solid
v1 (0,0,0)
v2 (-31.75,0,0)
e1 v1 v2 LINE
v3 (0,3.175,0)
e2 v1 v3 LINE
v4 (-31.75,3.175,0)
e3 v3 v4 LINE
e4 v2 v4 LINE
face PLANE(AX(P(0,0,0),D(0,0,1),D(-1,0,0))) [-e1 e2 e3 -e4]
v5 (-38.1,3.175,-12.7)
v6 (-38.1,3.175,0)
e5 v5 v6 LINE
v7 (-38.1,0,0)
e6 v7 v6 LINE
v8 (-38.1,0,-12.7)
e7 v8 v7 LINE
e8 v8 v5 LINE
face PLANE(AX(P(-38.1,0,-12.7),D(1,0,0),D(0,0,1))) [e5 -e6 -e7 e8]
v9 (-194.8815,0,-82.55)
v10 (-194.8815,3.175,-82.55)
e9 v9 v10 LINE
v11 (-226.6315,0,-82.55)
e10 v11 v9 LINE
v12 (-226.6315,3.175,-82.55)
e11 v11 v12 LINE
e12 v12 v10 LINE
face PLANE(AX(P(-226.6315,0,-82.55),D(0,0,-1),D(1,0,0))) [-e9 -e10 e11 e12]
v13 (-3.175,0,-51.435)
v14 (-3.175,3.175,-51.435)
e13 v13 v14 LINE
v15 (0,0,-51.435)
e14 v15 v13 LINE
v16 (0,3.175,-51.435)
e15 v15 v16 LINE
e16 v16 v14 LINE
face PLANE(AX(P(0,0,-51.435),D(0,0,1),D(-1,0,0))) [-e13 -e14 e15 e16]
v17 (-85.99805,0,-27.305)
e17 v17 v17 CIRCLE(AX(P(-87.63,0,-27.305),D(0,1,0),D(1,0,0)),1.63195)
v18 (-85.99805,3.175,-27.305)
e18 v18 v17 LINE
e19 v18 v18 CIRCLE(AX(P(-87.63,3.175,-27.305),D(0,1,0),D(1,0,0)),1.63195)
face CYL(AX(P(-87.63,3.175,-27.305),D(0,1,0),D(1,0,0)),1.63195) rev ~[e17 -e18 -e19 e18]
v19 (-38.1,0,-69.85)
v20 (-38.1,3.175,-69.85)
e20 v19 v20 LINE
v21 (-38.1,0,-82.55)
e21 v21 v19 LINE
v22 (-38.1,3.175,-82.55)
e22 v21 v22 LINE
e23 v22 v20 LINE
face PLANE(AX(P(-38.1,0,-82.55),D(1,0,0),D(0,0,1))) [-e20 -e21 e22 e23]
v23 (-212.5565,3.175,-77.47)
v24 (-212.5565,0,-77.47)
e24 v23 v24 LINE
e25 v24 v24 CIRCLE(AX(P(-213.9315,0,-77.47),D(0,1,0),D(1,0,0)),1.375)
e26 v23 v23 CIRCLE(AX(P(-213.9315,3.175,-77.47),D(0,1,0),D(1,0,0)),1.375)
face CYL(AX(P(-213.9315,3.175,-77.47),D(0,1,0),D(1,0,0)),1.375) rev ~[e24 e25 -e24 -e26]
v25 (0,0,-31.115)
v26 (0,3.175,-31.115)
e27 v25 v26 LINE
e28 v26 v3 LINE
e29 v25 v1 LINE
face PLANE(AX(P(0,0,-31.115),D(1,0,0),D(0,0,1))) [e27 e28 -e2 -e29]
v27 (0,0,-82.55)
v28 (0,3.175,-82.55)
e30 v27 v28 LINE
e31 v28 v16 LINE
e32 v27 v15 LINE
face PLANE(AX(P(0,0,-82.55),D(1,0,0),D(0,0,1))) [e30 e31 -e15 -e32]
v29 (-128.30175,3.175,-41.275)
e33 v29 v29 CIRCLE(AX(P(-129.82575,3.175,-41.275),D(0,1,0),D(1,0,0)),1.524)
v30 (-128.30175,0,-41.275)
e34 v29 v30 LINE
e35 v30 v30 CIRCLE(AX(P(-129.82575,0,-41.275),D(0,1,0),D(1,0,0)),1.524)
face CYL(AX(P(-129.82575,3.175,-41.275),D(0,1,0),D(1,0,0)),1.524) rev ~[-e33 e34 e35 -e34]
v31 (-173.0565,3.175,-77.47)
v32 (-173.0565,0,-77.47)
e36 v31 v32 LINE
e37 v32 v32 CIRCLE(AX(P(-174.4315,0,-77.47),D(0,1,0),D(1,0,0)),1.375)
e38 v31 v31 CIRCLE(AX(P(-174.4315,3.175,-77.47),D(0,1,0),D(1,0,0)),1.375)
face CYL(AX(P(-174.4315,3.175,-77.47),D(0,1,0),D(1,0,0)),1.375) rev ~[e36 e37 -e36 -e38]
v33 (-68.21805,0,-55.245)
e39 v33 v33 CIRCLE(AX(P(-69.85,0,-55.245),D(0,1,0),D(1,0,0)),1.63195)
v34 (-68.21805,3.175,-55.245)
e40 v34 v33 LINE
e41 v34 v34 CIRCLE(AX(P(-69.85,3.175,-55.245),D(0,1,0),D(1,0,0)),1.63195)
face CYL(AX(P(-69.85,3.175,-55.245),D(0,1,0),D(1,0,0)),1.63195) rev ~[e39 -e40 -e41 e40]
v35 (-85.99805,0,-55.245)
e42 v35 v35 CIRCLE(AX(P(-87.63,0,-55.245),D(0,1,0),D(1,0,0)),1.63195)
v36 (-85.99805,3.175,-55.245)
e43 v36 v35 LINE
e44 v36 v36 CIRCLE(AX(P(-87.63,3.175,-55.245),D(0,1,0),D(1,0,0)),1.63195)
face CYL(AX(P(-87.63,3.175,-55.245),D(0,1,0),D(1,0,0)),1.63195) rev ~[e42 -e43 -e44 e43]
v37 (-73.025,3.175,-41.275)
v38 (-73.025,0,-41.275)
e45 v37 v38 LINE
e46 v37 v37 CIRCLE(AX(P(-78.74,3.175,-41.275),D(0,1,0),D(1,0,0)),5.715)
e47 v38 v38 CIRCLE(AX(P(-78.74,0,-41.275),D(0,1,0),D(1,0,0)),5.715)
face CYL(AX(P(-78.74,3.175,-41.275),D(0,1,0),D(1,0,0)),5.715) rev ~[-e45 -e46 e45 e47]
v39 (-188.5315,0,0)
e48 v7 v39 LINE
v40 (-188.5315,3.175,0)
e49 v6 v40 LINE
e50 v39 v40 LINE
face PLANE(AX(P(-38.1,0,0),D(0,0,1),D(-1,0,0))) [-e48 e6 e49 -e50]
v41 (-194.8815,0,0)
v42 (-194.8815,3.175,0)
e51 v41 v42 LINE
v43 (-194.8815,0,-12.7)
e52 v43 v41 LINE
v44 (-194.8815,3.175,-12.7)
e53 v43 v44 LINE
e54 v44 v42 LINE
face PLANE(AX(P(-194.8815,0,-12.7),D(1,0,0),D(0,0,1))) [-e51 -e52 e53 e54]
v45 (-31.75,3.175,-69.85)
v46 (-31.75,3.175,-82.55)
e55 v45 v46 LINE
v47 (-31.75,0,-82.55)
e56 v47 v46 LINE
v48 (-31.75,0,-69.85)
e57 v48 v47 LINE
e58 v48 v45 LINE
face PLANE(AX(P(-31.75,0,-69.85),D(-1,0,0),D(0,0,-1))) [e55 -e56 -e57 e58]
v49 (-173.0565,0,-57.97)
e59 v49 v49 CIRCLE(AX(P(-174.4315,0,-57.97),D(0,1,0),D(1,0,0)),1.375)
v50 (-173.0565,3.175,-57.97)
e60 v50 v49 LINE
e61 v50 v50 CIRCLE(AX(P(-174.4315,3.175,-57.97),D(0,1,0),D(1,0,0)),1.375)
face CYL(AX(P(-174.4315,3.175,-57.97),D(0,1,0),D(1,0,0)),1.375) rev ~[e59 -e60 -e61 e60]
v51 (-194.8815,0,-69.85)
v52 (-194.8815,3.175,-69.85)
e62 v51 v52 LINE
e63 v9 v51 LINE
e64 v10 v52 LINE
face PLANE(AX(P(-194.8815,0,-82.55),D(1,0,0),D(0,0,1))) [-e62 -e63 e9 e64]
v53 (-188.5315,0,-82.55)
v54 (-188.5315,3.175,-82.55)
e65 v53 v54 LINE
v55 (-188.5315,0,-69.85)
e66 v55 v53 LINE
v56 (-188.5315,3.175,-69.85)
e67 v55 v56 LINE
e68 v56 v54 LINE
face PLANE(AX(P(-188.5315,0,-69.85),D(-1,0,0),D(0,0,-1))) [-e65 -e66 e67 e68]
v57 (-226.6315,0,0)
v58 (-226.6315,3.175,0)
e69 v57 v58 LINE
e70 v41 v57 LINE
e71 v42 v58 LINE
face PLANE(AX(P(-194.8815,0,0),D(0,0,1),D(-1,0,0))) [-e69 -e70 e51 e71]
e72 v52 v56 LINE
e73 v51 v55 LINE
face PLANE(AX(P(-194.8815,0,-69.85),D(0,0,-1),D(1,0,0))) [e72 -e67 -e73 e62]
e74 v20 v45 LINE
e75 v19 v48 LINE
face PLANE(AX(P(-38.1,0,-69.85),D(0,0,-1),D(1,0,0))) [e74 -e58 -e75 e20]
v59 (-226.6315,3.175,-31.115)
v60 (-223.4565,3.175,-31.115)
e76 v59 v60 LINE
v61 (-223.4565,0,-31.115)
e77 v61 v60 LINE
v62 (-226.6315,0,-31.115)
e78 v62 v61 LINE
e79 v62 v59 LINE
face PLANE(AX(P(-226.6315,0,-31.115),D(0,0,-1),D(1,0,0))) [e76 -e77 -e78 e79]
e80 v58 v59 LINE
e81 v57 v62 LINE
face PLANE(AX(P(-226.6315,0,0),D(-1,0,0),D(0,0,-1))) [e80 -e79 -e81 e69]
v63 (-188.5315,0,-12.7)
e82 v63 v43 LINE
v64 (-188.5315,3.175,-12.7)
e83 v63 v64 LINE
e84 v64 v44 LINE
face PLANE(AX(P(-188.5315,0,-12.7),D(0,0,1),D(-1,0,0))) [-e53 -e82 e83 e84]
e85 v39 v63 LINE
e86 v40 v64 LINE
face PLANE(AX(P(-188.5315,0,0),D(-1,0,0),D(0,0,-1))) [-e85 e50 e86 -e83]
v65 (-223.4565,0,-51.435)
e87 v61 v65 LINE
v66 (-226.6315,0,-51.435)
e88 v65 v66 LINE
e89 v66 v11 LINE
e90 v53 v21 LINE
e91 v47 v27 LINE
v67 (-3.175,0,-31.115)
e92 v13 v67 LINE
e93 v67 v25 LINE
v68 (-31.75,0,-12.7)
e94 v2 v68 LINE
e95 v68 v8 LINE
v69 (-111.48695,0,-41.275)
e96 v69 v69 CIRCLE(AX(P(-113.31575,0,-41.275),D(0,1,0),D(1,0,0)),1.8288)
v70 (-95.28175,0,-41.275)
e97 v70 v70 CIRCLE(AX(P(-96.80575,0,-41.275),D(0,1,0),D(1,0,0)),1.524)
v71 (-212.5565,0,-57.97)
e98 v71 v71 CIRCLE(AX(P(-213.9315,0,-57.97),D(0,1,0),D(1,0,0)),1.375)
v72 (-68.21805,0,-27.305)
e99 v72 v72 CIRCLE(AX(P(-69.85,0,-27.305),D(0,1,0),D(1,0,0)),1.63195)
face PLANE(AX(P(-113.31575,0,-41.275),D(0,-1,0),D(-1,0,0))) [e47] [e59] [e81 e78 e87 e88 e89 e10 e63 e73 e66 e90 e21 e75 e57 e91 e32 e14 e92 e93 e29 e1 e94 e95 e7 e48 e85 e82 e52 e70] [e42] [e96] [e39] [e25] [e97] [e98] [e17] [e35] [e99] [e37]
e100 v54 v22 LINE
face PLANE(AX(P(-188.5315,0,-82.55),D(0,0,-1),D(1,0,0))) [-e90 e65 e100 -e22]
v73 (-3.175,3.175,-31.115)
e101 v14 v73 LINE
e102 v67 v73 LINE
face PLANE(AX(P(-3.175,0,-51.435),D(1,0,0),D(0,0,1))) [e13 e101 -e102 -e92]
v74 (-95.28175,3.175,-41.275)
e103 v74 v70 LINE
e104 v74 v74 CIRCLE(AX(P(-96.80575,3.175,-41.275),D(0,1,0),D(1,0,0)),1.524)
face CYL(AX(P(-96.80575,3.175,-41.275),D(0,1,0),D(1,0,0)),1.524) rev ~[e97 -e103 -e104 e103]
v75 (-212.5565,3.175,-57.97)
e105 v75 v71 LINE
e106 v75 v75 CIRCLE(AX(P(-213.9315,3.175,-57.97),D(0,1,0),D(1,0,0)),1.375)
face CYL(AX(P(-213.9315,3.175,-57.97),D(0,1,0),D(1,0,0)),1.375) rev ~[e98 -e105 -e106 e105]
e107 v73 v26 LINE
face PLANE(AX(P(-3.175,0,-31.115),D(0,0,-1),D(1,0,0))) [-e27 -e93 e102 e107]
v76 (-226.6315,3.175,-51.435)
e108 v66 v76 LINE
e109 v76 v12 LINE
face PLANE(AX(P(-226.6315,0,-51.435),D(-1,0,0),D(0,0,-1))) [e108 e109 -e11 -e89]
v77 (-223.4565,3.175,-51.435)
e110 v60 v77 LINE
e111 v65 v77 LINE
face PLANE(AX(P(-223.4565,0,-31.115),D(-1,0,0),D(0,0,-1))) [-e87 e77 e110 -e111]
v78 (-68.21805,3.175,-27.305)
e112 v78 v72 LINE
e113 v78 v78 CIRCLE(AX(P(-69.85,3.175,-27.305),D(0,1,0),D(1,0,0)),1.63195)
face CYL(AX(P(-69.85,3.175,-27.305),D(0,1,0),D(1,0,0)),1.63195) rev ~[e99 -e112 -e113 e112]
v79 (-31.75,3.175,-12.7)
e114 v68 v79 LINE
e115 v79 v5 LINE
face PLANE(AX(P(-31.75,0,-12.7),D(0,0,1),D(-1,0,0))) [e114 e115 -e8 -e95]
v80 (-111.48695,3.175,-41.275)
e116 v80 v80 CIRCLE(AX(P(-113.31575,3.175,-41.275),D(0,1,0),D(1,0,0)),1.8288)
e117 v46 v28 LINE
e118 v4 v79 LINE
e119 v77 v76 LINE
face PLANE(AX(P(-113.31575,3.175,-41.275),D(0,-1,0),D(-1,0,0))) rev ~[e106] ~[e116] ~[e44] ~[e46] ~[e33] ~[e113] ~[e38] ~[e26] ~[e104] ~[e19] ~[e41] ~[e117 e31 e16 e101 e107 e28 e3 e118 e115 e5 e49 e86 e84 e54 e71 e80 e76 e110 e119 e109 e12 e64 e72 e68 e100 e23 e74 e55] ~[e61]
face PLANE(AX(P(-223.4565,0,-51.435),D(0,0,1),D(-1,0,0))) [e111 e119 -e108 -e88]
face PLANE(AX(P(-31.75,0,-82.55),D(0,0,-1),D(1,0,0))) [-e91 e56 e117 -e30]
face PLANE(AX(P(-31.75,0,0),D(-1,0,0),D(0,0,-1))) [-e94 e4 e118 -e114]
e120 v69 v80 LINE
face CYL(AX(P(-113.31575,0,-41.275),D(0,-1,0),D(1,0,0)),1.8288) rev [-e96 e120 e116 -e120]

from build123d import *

# Parameters (mm, degrees)
SKETCH1_R           = 1.8288
BOSS_EXTRUDE1_DEPTH = 3.175
SKETCH2_R           = 1.63195
SKETCH2_R_2         = 5.715
SKETCH2_R_3         = 1.524
CUT_EXTRUDE1_DEPTH  = 4.175
SKETCH3_R           = 1.375
CUT_EXTRUDE2_DEPTH  = 4.175


with BuildPart() as part:
    # Sketch1 → Boss-Extrude1 (new body)
    with BuildSketch(Plane(origin=(0, 0, 0), x_dir=(1, 0, 0), z_dir=(0, 1, 0))):
        Polygon((-226.6315, 82.55), (-194.8815, 82.55), (-194.8815, 69.85), (-188.5315, 69.85), (-188.5315, 82.55), (-38.1, 82.55), (-38.1, 69.85), (-31.75, 69.85), (-31.75, 82.55), (0, 82.55), (0, 51.435), (-3.175, 51.435), (-3.175, 31.115), (0, 31.115), (0, 0), (-31.75, 0), (-31.75, 12.7), (-38.1, 12.7), (-38.1, 0), (-188.5315, 0), (-188.5315, 12.7), (-194.8815, 12.7), (-194.8815, 0), (-226.6315, 0), (-226.6315, 31.115), (-223.4565, 31.115), (-223.4565, 51.435), (-226.6315, 51.435), align=None)
        with Locations((-113.31575, 41.275)):
            Circle(SKETCH1_R, mode=Mode.SUBTRACT)
    extrude(amount=BOSS_EXTRUDE1_DEPTH)

    # Sketch2 → Cut-Extrude1 (cut, through all)
    with BuildSketch(Plane(origin=(0, 3.175, 0), x_dir=(1, 0, 0), z_dir=(0, 1, 0))):
        with Locations((-87.63, 27.305)):
            Circle(SKETCH2_R)
        with Locations((-69.85, 27.305)):
            Circle(SKETCH2_R)
        with Locations((-69.85, 55.245)):
            Circle(SKETCH2_R)
        with Locations((-87.63, 55.245)):
            Circle(SKETCH2_R)
        with Locations((-78.74, 41.275)):
            Circle(SKETCH2_R_2)
        with Locations((-129.82575, 41.275)):
            Circle(SKETCH2_R_3)
        with Locations((-96.80575, 41.275)):
            Circle(SKETCH2_R_3)
    extrude(amount=-CUT_EXTRUDE1_DEPTH, mode=Mode.SUBTRACT)

    # Sketch3 → Cut-Extrude2 (cut, through all)
    with BuildSketch(Plane(origin=(0, 3.175, 0), x_dir=(1, 0, 0), z_dir=(0, 1, 0))):
        with Locations((-174.4315, 57.97)):
            Circle(SKETCH3_R)
        with Locations((-213.9315, 57.97)):
            Circle(SKETCH3_R)
        with Locations((-213.9315, 77.47)):
            Circle(SKETCH3_R)
        with Locations((-174.4315, 77.47)):
            Circle(SKETCH3_R)
    extrude(amount=-CUT_EXTRUDE2_DEPTH, mode=Mode.SUBTRACT)


solid = part.part
